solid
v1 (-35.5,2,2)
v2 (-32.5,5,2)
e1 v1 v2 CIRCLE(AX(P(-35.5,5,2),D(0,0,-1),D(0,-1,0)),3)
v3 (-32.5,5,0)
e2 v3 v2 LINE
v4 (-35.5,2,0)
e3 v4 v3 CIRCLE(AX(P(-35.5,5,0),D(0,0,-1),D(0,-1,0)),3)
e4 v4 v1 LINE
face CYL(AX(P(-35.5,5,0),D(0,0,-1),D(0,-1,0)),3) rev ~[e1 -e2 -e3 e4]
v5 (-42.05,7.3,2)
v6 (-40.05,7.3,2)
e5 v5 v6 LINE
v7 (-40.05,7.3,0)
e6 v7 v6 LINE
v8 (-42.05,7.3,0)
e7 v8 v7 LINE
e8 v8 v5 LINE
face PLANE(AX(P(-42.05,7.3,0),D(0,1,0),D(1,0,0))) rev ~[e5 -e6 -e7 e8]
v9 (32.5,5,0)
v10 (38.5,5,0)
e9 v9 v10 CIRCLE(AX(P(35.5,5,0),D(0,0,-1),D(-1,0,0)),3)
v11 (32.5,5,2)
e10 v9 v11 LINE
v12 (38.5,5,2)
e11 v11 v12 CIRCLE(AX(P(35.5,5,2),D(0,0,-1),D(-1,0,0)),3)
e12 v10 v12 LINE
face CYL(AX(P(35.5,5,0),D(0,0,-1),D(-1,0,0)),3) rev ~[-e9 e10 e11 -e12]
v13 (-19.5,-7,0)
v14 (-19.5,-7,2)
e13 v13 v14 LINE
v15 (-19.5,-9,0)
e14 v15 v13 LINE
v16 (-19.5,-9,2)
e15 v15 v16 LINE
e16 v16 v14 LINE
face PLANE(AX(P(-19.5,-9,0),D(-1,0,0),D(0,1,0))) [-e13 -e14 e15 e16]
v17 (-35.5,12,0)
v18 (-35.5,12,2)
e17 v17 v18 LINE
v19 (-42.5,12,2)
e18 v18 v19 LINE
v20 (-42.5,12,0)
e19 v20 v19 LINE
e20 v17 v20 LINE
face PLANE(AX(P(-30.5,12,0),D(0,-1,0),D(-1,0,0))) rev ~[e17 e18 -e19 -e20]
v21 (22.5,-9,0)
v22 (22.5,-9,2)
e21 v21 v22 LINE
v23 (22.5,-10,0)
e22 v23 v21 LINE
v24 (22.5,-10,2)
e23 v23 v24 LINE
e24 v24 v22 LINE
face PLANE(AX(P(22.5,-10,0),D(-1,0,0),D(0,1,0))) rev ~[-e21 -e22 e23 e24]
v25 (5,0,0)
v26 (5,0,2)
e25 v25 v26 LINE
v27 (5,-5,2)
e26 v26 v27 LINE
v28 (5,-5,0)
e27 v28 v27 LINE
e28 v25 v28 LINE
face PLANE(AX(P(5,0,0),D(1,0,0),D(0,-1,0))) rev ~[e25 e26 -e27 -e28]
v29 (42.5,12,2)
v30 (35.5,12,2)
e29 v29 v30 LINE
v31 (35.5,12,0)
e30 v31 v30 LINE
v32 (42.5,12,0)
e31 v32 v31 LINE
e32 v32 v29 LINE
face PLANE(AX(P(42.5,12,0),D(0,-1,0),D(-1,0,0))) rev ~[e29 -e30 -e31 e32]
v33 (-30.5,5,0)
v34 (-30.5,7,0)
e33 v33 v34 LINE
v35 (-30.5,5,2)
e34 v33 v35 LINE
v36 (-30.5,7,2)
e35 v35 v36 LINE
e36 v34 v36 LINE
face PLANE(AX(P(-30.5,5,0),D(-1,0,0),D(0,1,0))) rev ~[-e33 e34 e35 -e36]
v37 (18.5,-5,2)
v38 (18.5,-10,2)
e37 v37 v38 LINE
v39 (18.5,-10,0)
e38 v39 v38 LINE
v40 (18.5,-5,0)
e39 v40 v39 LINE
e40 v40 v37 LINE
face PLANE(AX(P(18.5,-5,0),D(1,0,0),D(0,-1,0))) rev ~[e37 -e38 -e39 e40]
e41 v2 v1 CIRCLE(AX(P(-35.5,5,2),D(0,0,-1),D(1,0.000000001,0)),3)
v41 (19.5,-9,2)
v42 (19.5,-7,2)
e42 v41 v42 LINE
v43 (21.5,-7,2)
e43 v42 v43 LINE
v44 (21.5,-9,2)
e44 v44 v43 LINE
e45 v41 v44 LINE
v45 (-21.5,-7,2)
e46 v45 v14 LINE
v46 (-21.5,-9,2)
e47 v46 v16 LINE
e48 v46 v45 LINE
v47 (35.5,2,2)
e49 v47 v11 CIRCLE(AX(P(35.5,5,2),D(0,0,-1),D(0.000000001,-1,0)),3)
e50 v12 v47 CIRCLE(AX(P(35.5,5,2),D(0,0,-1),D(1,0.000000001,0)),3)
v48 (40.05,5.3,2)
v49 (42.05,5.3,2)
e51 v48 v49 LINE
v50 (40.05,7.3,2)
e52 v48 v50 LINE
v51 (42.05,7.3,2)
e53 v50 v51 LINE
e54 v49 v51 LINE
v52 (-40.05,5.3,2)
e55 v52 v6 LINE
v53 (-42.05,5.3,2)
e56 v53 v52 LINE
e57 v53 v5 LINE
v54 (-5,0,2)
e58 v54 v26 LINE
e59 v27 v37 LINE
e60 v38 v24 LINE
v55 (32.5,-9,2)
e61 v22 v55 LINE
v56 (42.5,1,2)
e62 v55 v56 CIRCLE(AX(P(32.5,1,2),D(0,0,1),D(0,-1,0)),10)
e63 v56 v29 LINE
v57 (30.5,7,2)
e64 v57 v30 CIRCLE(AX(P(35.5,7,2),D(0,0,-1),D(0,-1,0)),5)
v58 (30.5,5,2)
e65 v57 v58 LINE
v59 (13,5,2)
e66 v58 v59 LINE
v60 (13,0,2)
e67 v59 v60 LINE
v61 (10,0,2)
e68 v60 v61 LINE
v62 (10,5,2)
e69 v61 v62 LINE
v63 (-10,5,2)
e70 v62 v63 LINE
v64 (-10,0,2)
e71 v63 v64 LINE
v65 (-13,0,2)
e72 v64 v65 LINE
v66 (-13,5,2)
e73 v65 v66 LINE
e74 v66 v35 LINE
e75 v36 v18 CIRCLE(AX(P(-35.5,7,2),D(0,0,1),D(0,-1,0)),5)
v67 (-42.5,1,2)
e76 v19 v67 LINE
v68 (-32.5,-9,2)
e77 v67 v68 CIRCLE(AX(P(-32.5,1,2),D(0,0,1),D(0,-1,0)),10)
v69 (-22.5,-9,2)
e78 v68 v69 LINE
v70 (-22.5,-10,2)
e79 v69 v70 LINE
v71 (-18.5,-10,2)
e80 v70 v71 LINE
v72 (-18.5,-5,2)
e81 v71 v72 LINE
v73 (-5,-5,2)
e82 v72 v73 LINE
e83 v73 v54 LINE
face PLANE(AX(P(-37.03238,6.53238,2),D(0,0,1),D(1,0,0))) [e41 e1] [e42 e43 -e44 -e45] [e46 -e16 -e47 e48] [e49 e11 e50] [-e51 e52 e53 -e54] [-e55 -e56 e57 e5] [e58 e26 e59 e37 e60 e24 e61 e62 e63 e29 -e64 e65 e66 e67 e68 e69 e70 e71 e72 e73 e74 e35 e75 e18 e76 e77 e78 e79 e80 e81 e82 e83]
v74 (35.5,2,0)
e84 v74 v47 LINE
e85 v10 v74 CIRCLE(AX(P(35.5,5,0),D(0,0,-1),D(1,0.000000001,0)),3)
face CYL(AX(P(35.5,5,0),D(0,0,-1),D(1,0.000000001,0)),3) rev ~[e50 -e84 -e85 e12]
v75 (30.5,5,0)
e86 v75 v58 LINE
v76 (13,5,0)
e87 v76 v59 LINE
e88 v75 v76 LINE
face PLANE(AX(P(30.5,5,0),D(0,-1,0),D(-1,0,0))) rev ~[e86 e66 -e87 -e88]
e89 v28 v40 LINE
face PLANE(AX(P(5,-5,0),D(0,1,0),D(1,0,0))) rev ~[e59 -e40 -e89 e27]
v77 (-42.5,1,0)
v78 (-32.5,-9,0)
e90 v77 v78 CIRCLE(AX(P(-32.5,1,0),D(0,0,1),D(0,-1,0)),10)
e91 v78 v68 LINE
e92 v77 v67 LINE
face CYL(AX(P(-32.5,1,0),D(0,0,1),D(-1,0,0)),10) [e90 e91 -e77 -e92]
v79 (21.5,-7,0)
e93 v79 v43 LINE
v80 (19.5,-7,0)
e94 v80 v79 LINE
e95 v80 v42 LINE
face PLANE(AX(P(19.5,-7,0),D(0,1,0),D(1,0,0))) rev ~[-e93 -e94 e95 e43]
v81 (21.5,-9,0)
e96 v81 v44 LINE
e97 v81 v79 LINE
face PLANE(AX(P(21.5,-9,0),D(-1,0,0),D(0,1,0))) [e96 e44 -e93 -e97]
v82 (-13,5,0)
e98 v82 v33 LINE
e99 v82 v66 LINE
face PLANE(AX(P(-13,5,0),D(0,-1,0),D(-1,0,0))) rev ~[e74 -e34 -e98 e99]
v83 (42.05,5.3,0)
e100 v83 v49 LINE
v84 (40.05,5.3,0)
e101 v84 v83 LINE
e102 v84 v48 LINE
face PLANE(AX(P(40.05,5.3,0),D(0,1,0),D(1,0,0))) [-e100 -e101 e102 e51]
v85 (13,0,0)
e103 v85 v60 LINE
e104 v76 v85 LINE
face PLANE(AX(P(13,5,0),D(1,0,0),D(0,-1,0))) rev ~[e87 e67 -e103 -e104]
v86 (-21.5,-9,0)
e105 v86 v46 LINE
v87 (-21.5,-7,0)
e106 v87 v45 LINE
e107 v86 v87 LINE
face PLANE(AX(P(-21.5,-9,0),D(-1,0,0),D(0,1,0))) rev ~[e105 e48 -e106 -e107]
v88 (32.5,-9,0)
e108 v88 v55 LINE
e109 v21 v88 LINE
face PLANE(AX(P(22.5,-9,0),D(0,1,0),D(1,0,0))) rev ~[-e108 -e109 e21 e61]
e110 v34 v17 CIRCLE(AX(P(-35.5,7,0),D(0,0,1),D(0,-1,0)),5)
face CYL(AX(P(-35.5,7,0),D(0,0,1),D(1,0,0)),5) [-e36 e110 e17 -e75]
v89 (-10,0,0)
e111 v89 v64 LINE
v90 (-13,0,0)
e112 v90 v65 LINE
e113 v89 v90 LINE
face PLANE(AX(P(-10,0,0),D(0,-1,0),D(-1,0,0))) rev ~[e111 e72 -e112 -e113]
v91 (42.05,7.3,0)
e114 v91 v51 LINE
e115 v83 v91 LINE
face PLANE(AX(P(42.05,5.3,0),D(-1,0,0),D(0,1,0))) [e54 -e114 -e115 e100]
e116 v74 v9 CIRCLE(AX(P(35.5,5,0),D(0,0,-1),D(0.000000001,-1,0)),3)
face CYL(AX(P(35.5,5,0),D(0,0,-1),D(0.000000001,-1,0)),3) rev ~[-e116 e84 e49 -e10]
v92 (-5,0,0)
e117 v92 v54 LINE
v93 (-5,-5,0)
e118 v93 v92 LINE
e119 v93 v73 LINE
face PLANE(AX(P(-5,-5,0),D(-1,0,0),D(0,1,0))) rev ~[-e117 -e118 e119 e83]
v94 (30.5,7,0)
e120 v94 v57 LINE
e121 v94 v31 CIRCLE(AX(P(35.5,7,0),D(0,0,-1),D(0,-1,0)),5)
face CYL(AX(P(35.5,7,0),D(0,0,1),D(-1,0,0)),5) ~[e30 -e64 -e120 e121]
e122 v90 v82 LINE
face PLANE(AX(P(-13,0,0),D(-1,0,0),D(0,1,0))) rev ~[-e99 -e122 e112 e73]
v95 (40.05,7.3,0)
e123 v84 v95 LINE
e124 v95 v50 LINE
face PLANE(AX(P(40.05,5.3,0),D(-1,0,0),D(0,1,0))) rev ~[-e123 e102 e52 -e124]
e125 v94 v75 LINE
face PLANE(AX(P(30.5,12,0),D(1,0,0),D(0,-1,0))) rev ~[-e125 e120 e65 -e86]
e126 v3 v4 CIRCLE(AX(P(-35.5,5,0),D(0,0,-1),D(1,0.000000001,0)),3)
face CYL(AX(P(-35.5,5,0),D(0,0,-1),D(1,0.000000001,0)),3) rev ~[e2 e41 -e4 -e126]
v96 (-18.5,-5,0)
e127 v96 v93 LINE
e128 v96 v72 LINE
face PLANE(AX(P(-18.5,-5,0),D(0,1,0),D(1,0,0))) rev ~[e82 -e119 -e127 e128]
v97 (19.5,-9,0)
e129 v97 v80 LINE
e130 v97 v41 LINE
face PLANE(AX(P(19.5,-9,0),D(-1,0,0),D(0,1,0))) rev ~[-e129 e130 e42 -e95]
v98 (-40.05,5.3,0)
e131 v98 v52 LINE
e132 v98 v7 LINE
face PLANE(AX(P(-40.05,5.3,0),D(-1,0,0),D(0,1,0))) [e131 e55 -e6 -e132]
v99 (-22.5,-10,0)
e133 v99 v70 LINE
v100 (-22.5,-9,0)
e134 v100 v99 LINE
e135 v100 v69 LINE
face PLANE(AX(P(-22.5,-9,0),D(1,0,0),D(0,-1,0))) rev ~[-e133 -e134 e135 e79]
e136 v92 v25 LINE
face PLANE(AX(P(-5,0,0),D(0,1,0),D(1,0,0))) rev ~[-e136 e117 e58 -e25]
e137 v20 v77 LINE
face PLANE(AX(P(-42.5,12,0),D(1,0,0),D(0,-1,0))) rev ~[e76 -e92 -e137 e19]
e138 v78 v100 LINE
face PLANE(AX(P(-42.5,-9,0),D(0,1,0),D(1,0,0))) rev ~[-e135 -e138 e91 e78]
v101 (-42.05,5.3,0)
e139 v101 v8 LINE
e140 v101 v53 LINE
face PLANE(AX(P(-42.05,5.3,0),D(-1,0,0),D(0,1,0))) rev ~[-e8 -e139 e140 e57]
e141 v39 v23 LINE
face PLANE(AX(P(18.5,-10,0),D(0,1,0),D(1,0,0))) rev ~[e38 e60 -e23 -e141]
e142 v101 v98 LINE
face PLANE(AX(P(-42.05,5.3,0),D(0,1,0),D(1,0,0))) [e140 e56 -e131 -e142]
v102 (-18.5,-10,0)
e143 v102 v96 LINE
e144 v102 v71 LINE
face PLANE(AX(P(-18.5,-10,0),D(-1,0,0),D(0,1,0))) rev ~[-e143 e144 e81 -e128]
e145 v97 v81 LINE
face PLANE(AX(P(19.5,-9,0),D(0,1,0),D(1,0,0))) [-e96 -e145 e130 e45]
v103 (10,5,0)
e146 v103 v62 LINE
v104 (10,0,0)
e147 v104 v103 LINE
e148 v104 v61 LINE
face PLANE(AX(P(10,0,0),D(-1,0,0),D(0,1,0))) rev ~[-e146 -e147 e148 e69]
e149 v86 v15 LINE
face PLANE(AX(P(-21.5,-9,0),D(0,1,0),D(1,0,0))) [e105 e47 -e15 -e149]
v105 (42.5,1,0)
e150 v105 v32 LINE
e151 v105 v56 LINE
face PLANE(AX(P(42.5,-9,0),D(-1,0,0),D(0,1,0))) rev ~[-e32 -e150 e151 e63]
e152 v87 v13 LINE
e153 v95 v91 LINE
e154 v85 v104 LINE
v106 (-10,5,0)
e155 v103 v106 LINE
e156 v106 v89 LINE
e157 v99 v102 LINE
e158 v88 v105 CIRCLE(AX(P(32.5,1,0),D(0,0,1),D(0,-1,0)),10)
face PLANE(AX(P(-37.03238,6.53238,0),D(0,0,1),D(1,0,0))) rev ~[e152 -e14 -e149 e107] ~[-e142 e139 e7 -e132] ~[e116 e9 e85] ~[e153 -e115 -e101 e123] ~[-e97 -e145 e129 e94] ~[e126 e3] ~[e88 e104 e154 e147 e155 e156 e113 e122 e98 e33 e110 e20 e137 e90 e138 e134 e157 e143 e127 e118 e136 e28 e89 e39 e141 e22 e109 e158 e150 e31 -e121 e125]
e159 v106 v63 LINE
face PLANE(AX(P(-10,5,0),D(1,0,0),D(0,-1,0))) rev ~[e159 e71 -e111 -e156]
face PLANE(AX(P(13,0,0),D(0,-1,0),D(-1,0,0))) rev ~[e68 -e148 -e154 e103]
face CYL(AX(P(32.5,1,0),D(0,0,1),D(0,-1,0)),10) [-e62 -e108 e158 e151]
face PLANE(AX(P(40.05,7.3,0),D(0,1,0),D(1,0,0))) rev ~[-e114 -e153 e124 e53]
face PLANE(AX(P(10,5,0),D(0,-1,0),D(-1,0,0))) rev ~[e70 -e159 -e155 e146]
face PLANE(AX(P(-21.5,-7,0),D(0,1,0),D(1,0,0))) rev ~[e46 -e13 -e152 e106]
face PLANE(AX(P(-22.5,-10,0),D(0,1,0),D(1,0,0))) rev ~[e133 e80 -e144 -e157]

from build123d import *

# Parameters (mm, degrees)
SKETCH1_W           = 2
SKETCH1_H           = 2
SKETCH1_W_2         = 7
SKETCH1_H_2         = 5
BOSS_EXTRUDE2_DEPTH = 2
FILLET1_R           = 10
FILLET2_R           = 10
FILLET3_R           = 5
FILLET4_R           = 5


with BuildPart() as part:
    # Sketch1 → Boss-Extrude2 (new body)
    with BuildSketch(Plane.XY):
        with BuildLine():
            Line((-42.5, 0), (-35.5, 0))
            Line((-35.5, 0), (-35.5, 2))
            ThreePointArc((-35.5, 2), (-37.621320344, 7.121320344), (-32.5, 5))
            Line((-32.5, 5), (-30.5, 5))
            Line((-30.5, 5), (-30.5, 12))
            Line((-30.5, 12), (-42.5, 12))
            Line((-42.5, 12), (-42.5, 0))
        make_face()
        with Locations((-41.05, 6.3)):
            Rectangle(SKETCH1_W, SKETCH1_H, mode=Mode.SUBTRACT)
        Polygon((-18.5, -5), (-35.5, -5), (-42.5, -5), (-42.5, -9), (-22.5, -9), (-22.5, -10), (-18.5, -10), (-18.5, -9), align=None)
        with Locations((-20.5, -8)):
            Rectangle(SKETCH1_W, SKETCH1_H, mode=Mode.SUBTRACT)
        with Locations((-39, -2.5)):
            Rectangle(SKETCH1_W_2, SKETCH1_H_2)
        with BuildLine():
            Line((-35.5, 0), (-35.5, -5))
            Line((-35.5, -5), (-18.5, -5))
            Line((-18.5, -5), (-5, -5))
            Line((-5, -5), (-5, 0))
            Line((-5, 0), (-10, 0))
            Line((-10, 0), (-13, 0))
            Line((-13, 0), (-13, 5))
            Line((-13, 5), (-30.5, 5))
            Line((-30.5, 5), (-32.5, 5))
            ThreePointArc((-32.5, 5), (-33.378679656, 2.878679656), (-35.5, 2))
            Line((-35.5, 2), (-35.5, 0))
        make_face()
        Polygon((-10, 0), (-5, 0), (5, 0), (10, 0), (10, 5), (-10, 5), align=None)
        Polygon((35.5, -5), (18.5, -5), (18.5, -9), (18.5, -10), (22.5, -10), (22.5, -9), (42.5, -9), (42.5, -5), align=None)
        with Locations((20.5, -8)):
            Rectangle(SKETCH1_W, SKETCH1_H, mode=Mode.SUBTRACT)
        with Locations((39, -2.5)):
            Rectangle(SKETCH1_W_2, SKETCH1_H_2)
        with BuildLine():
            Line((35.5, 2), (35.5, 0))
            Line((35.5, 0), (42.5, 0))
            Line((42.5, 0), (42.5, 12))
            Line((42.5, 12), (30.5, 12))
            Line((30.5, 12), (30.5, 5))
            Line((30.5, 5), (32.5, 5))
            ThreePointArc((32.5, 5), (35.5, 8), (38.5, 5))
            ThreePointArc((38.5, 5), (37.621320344, 2.878679656), (35.5, 2))
        make_face()
        with Locations((41.05, 6.3)):
            Rectangle(SKETCH1_W, SKETCH1_H, mode=Mode.SUBTRACT)
        with BuildLine():
            Line((5, 0), (5, -5))
            Line((5, -5), (18.5, -5))
            Line((18.5, -5), (35.5, -5))
            Line((35.5, -5), (35.5, 0))
            Line((35.5, 0), (35.5, 2))
            ThreePointArc((35.5, 2), (33.378679656, 2.878679656), (32.5, 5))
            Line((32.5, 5), (30.5, 5))
            Line((30.5, 5), (13, 5))
            Line((13, 5), (13, 0))
            Line((13, 0), (10, 0))
            Line((10, 0), (5, 0))
        make_face()
    extrude(amount=BOSS_EXTRUDE2_DEPTH)

    # Fillet1
    fillet1_edges = [part.edges().sort_by_distance(p)[0] for p in [
        (-42.5, -9, 1),
    ]]
    fillet(fillet1_edges, radius=FILLET1_R)

    # Fillet2
    fillet2_edges = [part.edges().sort_by_distance(p)[0] for p in [
        (42.5, -9, 1),
    ]]
    fillet(fillet2_edges, radius=FILLET2_R)

    # Fillet3
    fillet3_edges = [part.edges().sort_by_distance(p)[0] for p in [
        (-30.5, 12, 1),
    ]]
    fillet(fillet3_edges, radius=FILLET3_R)

    # Fillet4
    fillet4_edges = [part.edges().sort_by_distance(p)[0] for p in [
        (30.5, 12, 1),
    ]]
    fillet(fillet4_edges, radius=FILLET4_R)


solid = part.part
